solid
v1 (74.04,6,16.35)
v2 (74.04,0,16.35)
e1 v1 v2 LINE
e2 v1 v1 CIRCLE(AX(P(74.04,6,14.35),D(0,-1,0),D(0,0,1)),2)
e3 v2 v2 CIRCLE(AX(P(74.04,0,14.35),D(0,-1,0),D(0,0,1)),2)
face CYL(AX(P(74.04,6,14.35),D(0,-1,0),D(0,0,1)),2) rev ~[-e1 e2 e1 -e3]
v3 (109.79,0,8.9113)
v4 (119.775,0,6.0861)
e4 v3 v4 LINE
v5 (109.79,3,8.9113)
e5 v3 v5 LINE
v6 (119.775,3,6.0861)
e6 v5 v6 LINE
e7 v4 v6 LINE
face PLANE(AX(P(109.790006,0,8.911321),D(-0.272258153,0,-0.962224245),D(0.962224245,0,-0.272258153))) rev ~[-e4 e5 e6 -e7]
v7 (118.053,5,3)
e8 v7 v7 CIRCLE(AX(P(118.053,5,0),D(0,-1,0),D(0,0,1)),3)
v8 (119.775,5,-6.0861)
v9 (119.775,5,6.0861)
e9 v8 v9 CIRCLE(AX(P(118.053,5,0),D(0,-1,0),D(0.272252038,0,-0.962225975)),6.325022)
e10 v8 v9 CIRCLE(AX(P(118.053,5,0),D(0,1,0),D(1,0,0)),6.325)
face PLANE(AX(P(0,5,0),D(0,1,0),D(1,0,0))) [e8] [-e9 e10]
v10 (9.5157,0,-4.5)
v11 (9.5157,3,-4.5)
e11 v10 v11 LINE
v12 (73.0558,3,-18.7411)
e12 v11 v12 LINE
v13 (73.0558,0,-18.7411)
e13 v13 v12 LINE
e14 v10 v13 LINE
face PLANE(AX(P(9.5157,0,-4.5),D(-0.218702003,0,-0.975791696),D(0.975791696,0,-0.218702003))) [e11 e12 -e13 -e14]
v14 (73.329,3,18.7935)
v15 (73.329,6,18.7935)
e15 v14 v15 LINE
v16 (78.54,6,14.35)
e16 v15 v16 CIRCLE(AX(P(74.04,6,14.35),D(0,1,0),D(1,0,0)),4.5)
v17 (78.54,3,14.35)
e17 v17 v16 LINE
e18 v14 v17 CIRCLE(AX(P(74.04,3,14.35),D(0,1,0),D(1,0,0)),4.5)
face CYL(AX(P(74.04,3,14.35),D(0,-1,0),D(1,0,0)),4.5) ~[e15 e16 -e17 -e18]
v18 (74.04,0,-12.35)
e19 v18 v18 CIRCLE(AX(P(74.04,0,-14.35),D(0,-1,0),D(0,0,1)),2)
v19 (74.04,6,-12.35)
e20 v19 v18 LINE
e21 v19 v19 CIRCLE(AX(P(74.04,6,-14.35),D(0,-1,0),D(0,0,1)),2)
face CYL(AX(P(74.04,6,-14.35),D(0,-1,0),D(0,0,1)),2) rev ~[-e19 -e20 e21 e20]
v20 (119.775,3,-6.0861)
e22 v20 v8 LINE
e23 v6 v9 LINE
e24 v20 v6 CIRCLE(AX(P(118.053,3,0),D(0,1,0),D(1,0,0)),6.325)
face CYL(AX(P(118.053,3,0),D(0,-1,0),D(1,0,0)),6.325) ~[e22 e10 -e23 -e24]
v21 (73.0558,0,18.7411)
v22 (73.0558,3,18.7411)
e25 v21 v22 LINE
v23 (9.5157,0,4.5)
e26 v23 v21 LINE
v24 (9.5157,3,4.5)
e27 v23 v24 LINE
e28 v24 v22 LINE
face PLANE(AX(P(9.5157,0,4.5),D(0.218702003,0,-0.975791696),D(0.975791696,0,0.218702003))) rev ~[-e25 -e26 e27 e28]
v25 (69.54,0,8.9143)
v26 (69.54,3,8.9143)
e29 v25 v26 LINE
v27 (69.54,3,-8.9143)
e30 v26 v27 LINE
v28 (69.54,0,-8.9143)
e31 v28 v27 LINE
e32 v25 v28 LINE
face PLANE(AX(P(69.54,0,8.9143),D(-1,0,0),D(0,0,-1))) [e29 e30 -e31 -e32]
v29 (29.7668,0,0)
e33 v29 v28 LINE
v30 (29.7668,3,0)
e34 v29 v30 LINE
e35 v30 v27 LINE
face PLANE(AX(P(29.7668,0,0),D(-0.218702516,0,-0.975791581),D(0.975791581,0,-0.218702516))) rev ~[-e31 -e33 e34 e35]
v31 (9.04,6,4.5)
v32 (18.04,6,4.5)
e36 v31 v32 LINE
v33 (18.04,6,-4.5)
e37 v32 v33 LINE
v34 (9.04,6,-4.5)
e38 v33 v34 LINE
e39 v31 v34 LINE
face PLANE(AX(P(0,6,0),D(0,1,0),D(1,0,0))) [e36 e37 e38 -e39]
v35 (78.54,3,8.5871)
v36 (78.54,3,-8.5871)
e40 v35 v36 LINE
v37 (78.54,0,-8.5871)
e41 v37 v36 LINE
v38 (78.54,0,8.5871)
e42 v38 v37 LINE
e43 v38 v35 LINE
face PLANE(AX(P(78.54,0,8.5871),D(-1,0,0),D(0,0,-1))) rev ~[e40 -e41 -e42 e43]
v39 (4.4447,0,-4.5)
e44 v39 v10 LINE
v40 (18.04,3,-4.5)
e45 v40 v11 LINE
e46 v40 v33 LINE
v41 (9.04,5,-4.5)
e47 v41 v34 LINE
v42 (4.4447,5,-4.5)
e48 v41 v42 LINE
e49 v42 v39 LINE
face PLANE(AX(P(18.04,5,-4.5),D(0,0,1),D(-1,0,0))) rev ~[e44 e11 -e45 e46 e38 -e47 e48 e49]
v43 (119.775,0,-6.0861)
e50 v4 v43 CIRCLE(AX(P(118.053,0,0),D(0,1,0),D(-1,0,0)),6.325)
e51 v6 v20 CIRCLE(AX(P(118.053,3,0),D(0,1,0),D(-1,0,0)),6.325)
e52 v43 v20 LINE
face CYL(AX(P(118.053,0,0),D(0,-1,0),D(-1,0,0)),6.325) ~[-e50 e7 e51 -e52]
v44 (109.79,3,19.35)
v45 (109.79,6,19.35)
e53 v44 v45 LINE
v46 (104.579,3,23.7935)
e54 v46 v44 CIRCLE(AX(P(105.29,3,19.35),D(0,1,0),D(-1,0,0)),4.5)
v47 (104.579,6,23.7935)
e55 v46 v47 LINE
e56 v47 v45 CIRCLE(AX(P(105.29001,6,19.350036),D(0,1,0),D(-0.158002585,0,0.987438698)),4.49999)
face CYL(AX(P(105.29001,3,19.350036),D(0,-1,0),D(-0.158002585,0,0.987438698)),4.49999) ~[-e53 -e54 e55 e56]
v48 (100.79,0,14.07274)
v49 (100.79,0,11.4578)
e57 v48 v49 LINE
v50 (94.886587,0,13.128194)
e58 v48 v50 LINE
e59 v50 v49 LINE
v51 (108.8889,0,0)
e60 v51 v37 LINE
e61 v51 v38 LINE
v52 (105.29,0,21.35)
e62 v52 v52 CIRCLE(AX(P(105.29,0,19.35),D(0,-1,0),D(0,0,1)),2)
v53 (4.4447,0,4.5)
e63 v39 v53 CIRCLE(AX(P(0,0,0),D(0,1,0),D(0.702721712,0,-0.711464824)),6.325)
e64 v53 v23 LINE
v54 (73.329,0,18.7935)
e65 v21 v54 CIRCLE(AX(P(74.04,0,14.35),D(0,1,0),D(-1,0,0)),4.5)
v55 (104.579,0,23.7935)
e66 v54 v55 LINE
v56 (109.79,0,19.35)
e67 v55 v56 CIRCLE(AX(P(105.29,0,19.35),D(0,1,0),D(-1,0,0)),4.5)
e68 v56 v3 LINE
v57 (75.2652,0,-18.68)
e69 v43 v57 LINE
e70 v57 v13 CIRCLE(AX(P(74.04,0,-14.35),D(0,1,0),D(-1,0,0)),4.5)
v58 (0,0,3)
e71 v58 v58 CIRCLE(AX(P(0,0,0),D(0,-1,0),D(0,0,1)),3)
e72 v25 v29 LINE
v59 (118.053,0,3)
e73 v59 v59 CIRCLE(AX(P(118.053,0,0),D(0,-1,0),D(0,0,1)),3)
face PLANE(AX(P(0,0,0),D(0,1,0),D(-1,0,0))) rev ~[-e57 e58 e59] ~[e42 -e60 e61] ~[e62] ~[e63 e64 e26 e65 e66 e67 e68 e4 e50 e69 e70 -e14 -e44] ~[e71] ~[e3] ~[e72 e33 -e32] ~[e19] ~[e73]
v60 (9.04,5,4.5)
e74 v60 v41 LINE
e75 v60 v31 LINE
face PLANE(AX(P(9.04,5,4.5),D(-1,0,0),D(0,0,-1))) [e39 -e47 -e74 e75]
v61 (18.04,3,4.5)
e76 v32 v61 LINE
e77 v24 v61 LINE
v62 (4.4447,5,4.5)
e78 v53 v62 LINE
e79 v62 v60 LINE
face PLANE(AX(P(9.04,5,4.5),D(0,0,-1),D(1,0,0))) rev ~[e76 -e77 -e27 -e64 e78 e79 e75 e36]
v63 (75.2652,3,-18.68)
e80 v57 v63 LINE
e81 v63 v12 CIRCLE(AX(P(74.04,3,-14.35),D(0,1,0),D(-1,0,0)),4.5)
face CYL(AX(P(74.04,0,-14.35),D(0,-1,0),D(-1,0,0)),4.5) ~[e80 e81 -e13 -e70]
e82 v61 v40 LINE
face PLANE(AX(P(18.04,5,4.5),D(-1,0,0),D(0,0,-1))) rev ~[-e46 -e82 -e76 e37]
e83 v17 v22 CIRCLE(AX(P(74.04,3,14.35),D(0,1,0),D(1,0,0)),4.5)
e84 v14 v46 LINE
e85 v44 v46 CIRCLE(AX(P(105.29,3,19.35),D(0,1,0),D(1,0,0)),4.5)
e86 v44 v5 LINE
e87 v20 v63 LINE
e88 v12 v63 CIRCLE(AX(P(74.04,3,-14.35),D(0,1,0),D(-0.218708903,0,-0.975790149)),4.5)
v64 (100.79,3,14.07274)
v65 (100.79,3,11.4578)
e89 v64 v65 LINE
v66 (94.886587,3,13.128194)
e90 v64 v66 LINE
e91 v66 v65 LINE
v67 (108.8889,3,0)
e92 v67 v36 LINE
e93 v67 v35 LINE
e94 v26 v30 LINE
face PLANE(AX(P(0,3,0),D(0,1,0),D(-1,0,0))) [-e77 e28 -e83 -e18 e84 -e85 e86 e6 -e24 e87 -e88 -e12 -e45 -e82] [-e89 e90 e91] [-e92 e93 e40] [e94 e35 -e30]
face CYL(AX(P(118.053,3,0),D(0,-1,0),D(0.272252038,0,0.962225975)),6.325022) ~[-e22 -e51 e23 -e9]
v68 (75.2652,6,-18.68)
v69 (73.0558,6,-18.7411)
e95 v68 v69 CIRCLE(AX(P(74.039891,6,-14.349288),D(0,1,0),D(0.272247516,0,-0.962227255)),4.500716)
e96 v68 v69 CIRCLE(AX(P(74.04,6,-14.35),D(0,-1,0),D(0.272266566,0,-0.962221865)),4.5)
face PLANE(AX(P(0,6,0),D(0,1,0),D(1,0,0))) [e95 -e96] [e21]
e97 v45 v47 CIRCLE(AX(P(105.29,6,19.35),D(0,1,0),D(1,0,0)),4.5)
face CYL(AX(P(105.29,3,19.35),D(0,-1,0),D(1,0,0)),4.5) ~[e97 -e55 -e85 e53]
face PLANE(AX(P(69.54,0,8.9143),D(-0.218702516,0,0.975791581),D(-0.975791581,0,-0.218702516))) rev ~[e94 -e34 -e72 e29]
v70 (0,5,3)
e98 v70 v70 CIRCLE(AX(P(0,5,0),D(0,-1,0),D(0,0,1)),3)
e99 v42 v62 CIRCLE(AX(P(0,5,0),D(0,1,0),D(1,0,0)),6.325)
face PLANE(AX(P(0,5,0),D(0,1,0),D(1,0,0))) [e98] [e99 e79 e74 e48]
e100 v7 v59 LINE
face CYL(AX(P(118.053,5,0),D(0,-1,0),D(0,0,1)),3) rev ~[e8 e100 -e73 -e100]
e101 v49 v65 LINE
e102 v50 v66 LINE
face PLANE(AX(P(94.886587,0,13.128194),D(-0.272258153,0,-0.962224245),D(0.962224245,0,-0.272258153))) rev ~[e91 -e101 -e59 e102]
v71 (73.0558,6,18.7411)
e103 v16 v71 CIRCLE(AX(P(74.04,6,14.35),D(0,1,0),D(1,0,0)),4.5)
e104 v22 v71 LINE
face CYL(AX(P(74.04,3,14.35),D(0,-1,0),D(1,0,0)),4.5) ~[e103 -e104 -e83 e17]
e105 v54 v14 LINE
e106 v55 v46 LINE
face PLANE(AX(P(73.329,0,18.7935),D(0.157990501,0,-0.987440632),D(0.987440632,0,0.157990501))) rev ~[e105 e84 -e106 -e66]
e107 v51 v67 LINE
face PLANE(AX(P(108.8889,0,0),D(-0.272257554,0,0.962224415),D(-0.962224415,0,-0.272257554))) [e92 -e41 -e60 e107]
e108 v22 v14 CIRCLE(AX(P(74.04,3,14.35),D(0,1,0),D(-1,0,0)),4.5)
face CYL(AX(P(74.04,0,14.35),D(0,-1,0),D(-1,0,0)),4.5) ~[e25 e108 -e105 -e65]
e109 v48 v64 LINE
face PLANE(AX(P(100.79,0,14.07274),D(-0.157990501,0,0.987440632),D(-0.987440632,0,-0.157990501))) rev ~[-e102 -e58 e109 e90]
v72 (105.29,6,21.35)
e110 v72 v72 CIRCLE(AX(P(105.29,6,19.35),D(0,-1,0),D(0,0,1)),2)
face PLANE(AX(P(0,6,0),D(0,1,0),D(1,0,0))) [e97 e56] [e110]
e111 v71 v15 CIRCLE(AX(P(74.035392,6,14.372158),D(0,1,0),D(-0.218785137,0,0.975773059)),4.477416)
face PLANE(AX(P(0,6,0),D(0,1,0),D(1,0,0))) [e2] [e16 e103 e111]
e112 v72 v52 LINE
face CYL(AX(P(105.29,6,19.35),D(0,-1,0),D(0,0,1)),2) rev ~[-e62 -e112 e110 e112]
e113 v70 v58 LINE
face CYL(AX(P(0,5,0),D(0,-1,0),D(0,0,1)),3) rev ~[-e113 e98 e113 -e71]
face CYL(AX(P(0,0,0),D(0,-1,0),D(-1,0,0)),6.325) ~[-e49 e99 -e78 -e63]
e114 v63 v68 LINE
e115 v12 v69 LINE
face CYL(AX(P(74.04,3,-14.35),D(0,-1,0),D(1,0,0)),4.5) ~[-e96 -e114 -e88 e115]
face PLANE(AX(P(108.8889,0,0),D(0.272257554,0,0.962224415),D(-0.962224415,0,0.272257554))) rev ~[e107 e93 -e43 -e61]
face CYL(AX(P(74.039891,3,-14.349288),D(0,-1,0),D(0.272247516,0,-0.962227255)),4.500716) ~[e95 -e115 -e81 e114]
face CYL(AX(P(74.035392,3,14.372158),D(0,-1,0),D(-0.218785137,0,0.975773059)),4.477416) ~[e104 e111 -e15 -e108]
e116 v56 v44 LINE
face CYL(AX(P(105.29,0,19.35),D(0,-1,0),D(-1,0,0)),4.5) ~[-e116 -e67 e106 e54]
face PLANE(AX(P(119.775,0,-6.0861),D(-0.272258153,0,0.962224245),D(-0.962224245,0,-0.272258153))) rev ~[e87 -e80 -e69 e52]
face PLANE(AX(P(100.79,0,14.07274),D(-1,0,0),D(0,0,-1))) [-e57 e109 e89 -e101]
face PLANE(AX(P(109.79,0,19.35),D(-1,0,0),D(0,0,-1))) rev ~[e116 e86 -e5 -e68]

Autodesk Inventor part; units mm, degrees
ref_plane "YZ Plane" through (0, 0, 0) normal (1, 0, 0) x (0, 1, 0)
ref_plane "XZ Plane" through (0, 0, 0) normal (0, 1, 0) x (-1, 0, 0)
ref_plane "XY Plane" through (0, 0, 0) normal (0, 0, 1) x (1, 0, 0)
sketch "Sketch1" plane through (0, 0, 0) normal (0, 1, 0) x (-1, 0, 0)
  circle A0 centre (0, 0) radius 6.325
  circle A1 centre (-118.053, 0) radius 6.325
  circle A2 centre (-74.04, -14.35) radius 4.5
  circle A3 centre (-74.04, 14.35) radius 4.5
  circle A4 centre (-105.29, 19.35) radius 4.5
  line L0 (-4.4447, 4.5) -> (-9.5157, 4.5)
  line L1 (-9.5157, 4.5) -> (-73.0558, 18.7411)
  line L2 (-73.329, 18.7935) -> (-104.579, 23.7935)
  line L3 (-119.775, -6.0861) -> (-75.2652, -18.68)
  line L4 (-75.2652, 18.68) -> (-119.775, 6.0861)
  line L5 (-109.79, 19.35) -> (-109.79, 8.9113)
  line L6 (-69.54, 14.35) -> (-69.54, -14.35)
  line L7 (-78.54, 14.35) -> (-78.54, -14.35)
  line L8 (-108.8889, 0) -> (-78.54, 8.5871)
  line L9 (-108.8889, 0) -> (-78.54, -8.5871)
  line L10 (-4.4447, -4.5) -> (-9.5157, -4.5)
  line L11 (-9.5157, -4.5) -> (-73.0558, -18.7411)
  line L12 (-69.54, 8.9143) -> (-29.7668, 0)
  line L13 (-29.7668, 0) -> (-69.54, -8.9143)
  line L14 (-106.001, 14.9065) -> (-74.751, 9.9065)
  line L15 (-100.79, 19.35) -> (-100.79, 11.4578)
  point P0 (-94.8865, 13.1282)
  point P1 (-100.79, 14.0728)
  dimension "d0" = 12.65
  dimension "d1" = 12.65
  dimension "d2" = 9
  dimension "d3" = 9
  dimension "d4" = 9
  dimension "d5" = 28.7
  dimension "d6" = 14.35
  dimension "d7" = 31.25
  dimension "d8" = 5
  dimension "d9" = 74.04
  dimension "d10" = 118.053
  dimension "d11" = 5.071
  dimension "d12" = 8.82
  dimension "d13" = 8.82
  dimension "d14" = 9
  dimension "d15" = 8.82
extrude "Extrusion1" add sketch "Sketch1" along normal blind 3 contours A0 | A0 L10 L11 A2 L6 L13 L12 A3 L1 L0 | A3 | A2 | L6 A2 L7 L14 A3 | A3 L4 L14 L15 A4 L2 | L3 A1 L4 L14 L7 L8 L9 A2 | L14 L7 A3 | A3 L7 L14 L4 | A4 | A1 | L15 L14 A4 | A4 L14 L15 L4 L5
sketch "Sketch2" plane through (0, 3, 0) normal (0, 1, 0) x (1, 0, 0)
  arc A0 (73.0558, -18.7411) -> (73.329, -18.7935) centre (74.04, -14.35) ccw projected
  circle A1 centre (74.04, -14.35) radius 4.5
  arc A2 (75.2652, 18.68) -> (73.0558, 18.7411) centre (74.04, 14.35) ccw projected
  arc A3 (104.579, -23.7935) -> (109.79, -19.35) centre (105.29, -19.35) ccw projected
  circle A4 centre (105.29, -19.35) radius 4.5
  circle A5 centre (74.04, 14.35) radius 4.5
  point P0 (0, 0)
  point P1 (109.79, -19.35)
  point P2 (73.0558, -18.7411)
  point P3 (75.2652, 18.68)
extrude "Extrusion2" add sketch "Sketch2" along normal blind 3
sketch "Sketch3" plane through (0, 3, 0) normal (0, 1, 0) x (1, 0, 0)
  arc A0 (119.775, -6.0861) -> (119.775, 6.0861) centre (118.053, 0) ccw projected
  circle A1 centre (118.053, 0) radius 6.325
  circle A2 centre (0, 0) radius 6.325
  arc A3 (4.4447, 4.5) -> (4.4447, -4.5) centre (0, 0) ccw projected
  line L0 (4.4447, -4.5) -> (18.04, -4.5)
  line L1 (18.04, -4.5) -> (18.04, 4.5)
  line L2 (18.04, 4.5) -> (4.4447, 4.5)
  line L3 (4.4447, 4.5) -> (4.4447, -4.5) construction
  point P0 (119.775, 6.0861)
  point P1 (119.775, -6.0861)
  dimension "d20" = 9
  dimension "d21" = 18.04
extrude "Extrusion3" add sketch "Sketch3" along normal blind 2
sketch "Sketch4" plane through (0, 5, 0) normal (0, 1, 0) x (1, 0, 0)
  line L0 (18.04, 4.5) -> (4.4447, 4.5) projected
  arc A0 (4.4447, 4.5) -> (4.4447, -4.5) centre (0, 0) ccw projected
  line L1 (4.4447, -4.5) -> (18.04, -4.5) projected
  line L2 (18.04, -4.5) -> (18.04, 4.5) projected
  line L3 (18.04, 4.5) -> (18.04, -4.5) projected
  line L4 (18.04, -4.5) -> (9.04, -4.5)
  line L5 (9.04, -4.5) -> (9.04, 4.5)
  line L6 (9.04, 4.5) -> (18.04, 4.5)
  line L7 (18.04, 4.5) -> (18.04, -4.5)
  dimension "d24" = 9
  dimension "d25" = 9
extrude "Extrusion4" add sketch "Sketch4" along normal blind 1 contours L2 L1 L5 L0
sketch "Sketch5" plane through (0, 5, 0) normal (0, 1, 0) x (1, 0, 0)
  arc A0 (4.4447, 4.5) -> (4.4447, -4.5) centre (0, 0) ccw projected
  circle A1 centre (118.053, 0) radius 6.325 projected
hole "Hole1" at (0, 5, 0) at (118.053, 5, 0) direction (0, -1, 0) diameter 6 end through all
sketch "Sketch6" plane through (74.04, 6, -14.35) normal (0, 1, 0) x (1, 0, 0)
  circle A0 centre (0, 0) radius 4.5 projected
  circle A1 centre (0, -28.7) radius 4.5 projected
  circle A2 centre (31.25, -33.7) radius 4.5 projected
  point P0 (-74.04, -14.35)
hole "Hole2" at (74.04, 6, -14.35) at (74.04, 6, 14.35) at (105.29, 6, 19.35) direction (0, -1, 0) diameter 4 end through all
equation "\"d0\" = d1"
equation "\"d2\" = d3"
equation "\"d3\" = d4"
equation "\"d6\" = 0.5 * d5"
equation "\"d13\" = d12"
equation "\"d15\" = d12"
properties part number "RAMPS Mount" material "ABS Plastic"
